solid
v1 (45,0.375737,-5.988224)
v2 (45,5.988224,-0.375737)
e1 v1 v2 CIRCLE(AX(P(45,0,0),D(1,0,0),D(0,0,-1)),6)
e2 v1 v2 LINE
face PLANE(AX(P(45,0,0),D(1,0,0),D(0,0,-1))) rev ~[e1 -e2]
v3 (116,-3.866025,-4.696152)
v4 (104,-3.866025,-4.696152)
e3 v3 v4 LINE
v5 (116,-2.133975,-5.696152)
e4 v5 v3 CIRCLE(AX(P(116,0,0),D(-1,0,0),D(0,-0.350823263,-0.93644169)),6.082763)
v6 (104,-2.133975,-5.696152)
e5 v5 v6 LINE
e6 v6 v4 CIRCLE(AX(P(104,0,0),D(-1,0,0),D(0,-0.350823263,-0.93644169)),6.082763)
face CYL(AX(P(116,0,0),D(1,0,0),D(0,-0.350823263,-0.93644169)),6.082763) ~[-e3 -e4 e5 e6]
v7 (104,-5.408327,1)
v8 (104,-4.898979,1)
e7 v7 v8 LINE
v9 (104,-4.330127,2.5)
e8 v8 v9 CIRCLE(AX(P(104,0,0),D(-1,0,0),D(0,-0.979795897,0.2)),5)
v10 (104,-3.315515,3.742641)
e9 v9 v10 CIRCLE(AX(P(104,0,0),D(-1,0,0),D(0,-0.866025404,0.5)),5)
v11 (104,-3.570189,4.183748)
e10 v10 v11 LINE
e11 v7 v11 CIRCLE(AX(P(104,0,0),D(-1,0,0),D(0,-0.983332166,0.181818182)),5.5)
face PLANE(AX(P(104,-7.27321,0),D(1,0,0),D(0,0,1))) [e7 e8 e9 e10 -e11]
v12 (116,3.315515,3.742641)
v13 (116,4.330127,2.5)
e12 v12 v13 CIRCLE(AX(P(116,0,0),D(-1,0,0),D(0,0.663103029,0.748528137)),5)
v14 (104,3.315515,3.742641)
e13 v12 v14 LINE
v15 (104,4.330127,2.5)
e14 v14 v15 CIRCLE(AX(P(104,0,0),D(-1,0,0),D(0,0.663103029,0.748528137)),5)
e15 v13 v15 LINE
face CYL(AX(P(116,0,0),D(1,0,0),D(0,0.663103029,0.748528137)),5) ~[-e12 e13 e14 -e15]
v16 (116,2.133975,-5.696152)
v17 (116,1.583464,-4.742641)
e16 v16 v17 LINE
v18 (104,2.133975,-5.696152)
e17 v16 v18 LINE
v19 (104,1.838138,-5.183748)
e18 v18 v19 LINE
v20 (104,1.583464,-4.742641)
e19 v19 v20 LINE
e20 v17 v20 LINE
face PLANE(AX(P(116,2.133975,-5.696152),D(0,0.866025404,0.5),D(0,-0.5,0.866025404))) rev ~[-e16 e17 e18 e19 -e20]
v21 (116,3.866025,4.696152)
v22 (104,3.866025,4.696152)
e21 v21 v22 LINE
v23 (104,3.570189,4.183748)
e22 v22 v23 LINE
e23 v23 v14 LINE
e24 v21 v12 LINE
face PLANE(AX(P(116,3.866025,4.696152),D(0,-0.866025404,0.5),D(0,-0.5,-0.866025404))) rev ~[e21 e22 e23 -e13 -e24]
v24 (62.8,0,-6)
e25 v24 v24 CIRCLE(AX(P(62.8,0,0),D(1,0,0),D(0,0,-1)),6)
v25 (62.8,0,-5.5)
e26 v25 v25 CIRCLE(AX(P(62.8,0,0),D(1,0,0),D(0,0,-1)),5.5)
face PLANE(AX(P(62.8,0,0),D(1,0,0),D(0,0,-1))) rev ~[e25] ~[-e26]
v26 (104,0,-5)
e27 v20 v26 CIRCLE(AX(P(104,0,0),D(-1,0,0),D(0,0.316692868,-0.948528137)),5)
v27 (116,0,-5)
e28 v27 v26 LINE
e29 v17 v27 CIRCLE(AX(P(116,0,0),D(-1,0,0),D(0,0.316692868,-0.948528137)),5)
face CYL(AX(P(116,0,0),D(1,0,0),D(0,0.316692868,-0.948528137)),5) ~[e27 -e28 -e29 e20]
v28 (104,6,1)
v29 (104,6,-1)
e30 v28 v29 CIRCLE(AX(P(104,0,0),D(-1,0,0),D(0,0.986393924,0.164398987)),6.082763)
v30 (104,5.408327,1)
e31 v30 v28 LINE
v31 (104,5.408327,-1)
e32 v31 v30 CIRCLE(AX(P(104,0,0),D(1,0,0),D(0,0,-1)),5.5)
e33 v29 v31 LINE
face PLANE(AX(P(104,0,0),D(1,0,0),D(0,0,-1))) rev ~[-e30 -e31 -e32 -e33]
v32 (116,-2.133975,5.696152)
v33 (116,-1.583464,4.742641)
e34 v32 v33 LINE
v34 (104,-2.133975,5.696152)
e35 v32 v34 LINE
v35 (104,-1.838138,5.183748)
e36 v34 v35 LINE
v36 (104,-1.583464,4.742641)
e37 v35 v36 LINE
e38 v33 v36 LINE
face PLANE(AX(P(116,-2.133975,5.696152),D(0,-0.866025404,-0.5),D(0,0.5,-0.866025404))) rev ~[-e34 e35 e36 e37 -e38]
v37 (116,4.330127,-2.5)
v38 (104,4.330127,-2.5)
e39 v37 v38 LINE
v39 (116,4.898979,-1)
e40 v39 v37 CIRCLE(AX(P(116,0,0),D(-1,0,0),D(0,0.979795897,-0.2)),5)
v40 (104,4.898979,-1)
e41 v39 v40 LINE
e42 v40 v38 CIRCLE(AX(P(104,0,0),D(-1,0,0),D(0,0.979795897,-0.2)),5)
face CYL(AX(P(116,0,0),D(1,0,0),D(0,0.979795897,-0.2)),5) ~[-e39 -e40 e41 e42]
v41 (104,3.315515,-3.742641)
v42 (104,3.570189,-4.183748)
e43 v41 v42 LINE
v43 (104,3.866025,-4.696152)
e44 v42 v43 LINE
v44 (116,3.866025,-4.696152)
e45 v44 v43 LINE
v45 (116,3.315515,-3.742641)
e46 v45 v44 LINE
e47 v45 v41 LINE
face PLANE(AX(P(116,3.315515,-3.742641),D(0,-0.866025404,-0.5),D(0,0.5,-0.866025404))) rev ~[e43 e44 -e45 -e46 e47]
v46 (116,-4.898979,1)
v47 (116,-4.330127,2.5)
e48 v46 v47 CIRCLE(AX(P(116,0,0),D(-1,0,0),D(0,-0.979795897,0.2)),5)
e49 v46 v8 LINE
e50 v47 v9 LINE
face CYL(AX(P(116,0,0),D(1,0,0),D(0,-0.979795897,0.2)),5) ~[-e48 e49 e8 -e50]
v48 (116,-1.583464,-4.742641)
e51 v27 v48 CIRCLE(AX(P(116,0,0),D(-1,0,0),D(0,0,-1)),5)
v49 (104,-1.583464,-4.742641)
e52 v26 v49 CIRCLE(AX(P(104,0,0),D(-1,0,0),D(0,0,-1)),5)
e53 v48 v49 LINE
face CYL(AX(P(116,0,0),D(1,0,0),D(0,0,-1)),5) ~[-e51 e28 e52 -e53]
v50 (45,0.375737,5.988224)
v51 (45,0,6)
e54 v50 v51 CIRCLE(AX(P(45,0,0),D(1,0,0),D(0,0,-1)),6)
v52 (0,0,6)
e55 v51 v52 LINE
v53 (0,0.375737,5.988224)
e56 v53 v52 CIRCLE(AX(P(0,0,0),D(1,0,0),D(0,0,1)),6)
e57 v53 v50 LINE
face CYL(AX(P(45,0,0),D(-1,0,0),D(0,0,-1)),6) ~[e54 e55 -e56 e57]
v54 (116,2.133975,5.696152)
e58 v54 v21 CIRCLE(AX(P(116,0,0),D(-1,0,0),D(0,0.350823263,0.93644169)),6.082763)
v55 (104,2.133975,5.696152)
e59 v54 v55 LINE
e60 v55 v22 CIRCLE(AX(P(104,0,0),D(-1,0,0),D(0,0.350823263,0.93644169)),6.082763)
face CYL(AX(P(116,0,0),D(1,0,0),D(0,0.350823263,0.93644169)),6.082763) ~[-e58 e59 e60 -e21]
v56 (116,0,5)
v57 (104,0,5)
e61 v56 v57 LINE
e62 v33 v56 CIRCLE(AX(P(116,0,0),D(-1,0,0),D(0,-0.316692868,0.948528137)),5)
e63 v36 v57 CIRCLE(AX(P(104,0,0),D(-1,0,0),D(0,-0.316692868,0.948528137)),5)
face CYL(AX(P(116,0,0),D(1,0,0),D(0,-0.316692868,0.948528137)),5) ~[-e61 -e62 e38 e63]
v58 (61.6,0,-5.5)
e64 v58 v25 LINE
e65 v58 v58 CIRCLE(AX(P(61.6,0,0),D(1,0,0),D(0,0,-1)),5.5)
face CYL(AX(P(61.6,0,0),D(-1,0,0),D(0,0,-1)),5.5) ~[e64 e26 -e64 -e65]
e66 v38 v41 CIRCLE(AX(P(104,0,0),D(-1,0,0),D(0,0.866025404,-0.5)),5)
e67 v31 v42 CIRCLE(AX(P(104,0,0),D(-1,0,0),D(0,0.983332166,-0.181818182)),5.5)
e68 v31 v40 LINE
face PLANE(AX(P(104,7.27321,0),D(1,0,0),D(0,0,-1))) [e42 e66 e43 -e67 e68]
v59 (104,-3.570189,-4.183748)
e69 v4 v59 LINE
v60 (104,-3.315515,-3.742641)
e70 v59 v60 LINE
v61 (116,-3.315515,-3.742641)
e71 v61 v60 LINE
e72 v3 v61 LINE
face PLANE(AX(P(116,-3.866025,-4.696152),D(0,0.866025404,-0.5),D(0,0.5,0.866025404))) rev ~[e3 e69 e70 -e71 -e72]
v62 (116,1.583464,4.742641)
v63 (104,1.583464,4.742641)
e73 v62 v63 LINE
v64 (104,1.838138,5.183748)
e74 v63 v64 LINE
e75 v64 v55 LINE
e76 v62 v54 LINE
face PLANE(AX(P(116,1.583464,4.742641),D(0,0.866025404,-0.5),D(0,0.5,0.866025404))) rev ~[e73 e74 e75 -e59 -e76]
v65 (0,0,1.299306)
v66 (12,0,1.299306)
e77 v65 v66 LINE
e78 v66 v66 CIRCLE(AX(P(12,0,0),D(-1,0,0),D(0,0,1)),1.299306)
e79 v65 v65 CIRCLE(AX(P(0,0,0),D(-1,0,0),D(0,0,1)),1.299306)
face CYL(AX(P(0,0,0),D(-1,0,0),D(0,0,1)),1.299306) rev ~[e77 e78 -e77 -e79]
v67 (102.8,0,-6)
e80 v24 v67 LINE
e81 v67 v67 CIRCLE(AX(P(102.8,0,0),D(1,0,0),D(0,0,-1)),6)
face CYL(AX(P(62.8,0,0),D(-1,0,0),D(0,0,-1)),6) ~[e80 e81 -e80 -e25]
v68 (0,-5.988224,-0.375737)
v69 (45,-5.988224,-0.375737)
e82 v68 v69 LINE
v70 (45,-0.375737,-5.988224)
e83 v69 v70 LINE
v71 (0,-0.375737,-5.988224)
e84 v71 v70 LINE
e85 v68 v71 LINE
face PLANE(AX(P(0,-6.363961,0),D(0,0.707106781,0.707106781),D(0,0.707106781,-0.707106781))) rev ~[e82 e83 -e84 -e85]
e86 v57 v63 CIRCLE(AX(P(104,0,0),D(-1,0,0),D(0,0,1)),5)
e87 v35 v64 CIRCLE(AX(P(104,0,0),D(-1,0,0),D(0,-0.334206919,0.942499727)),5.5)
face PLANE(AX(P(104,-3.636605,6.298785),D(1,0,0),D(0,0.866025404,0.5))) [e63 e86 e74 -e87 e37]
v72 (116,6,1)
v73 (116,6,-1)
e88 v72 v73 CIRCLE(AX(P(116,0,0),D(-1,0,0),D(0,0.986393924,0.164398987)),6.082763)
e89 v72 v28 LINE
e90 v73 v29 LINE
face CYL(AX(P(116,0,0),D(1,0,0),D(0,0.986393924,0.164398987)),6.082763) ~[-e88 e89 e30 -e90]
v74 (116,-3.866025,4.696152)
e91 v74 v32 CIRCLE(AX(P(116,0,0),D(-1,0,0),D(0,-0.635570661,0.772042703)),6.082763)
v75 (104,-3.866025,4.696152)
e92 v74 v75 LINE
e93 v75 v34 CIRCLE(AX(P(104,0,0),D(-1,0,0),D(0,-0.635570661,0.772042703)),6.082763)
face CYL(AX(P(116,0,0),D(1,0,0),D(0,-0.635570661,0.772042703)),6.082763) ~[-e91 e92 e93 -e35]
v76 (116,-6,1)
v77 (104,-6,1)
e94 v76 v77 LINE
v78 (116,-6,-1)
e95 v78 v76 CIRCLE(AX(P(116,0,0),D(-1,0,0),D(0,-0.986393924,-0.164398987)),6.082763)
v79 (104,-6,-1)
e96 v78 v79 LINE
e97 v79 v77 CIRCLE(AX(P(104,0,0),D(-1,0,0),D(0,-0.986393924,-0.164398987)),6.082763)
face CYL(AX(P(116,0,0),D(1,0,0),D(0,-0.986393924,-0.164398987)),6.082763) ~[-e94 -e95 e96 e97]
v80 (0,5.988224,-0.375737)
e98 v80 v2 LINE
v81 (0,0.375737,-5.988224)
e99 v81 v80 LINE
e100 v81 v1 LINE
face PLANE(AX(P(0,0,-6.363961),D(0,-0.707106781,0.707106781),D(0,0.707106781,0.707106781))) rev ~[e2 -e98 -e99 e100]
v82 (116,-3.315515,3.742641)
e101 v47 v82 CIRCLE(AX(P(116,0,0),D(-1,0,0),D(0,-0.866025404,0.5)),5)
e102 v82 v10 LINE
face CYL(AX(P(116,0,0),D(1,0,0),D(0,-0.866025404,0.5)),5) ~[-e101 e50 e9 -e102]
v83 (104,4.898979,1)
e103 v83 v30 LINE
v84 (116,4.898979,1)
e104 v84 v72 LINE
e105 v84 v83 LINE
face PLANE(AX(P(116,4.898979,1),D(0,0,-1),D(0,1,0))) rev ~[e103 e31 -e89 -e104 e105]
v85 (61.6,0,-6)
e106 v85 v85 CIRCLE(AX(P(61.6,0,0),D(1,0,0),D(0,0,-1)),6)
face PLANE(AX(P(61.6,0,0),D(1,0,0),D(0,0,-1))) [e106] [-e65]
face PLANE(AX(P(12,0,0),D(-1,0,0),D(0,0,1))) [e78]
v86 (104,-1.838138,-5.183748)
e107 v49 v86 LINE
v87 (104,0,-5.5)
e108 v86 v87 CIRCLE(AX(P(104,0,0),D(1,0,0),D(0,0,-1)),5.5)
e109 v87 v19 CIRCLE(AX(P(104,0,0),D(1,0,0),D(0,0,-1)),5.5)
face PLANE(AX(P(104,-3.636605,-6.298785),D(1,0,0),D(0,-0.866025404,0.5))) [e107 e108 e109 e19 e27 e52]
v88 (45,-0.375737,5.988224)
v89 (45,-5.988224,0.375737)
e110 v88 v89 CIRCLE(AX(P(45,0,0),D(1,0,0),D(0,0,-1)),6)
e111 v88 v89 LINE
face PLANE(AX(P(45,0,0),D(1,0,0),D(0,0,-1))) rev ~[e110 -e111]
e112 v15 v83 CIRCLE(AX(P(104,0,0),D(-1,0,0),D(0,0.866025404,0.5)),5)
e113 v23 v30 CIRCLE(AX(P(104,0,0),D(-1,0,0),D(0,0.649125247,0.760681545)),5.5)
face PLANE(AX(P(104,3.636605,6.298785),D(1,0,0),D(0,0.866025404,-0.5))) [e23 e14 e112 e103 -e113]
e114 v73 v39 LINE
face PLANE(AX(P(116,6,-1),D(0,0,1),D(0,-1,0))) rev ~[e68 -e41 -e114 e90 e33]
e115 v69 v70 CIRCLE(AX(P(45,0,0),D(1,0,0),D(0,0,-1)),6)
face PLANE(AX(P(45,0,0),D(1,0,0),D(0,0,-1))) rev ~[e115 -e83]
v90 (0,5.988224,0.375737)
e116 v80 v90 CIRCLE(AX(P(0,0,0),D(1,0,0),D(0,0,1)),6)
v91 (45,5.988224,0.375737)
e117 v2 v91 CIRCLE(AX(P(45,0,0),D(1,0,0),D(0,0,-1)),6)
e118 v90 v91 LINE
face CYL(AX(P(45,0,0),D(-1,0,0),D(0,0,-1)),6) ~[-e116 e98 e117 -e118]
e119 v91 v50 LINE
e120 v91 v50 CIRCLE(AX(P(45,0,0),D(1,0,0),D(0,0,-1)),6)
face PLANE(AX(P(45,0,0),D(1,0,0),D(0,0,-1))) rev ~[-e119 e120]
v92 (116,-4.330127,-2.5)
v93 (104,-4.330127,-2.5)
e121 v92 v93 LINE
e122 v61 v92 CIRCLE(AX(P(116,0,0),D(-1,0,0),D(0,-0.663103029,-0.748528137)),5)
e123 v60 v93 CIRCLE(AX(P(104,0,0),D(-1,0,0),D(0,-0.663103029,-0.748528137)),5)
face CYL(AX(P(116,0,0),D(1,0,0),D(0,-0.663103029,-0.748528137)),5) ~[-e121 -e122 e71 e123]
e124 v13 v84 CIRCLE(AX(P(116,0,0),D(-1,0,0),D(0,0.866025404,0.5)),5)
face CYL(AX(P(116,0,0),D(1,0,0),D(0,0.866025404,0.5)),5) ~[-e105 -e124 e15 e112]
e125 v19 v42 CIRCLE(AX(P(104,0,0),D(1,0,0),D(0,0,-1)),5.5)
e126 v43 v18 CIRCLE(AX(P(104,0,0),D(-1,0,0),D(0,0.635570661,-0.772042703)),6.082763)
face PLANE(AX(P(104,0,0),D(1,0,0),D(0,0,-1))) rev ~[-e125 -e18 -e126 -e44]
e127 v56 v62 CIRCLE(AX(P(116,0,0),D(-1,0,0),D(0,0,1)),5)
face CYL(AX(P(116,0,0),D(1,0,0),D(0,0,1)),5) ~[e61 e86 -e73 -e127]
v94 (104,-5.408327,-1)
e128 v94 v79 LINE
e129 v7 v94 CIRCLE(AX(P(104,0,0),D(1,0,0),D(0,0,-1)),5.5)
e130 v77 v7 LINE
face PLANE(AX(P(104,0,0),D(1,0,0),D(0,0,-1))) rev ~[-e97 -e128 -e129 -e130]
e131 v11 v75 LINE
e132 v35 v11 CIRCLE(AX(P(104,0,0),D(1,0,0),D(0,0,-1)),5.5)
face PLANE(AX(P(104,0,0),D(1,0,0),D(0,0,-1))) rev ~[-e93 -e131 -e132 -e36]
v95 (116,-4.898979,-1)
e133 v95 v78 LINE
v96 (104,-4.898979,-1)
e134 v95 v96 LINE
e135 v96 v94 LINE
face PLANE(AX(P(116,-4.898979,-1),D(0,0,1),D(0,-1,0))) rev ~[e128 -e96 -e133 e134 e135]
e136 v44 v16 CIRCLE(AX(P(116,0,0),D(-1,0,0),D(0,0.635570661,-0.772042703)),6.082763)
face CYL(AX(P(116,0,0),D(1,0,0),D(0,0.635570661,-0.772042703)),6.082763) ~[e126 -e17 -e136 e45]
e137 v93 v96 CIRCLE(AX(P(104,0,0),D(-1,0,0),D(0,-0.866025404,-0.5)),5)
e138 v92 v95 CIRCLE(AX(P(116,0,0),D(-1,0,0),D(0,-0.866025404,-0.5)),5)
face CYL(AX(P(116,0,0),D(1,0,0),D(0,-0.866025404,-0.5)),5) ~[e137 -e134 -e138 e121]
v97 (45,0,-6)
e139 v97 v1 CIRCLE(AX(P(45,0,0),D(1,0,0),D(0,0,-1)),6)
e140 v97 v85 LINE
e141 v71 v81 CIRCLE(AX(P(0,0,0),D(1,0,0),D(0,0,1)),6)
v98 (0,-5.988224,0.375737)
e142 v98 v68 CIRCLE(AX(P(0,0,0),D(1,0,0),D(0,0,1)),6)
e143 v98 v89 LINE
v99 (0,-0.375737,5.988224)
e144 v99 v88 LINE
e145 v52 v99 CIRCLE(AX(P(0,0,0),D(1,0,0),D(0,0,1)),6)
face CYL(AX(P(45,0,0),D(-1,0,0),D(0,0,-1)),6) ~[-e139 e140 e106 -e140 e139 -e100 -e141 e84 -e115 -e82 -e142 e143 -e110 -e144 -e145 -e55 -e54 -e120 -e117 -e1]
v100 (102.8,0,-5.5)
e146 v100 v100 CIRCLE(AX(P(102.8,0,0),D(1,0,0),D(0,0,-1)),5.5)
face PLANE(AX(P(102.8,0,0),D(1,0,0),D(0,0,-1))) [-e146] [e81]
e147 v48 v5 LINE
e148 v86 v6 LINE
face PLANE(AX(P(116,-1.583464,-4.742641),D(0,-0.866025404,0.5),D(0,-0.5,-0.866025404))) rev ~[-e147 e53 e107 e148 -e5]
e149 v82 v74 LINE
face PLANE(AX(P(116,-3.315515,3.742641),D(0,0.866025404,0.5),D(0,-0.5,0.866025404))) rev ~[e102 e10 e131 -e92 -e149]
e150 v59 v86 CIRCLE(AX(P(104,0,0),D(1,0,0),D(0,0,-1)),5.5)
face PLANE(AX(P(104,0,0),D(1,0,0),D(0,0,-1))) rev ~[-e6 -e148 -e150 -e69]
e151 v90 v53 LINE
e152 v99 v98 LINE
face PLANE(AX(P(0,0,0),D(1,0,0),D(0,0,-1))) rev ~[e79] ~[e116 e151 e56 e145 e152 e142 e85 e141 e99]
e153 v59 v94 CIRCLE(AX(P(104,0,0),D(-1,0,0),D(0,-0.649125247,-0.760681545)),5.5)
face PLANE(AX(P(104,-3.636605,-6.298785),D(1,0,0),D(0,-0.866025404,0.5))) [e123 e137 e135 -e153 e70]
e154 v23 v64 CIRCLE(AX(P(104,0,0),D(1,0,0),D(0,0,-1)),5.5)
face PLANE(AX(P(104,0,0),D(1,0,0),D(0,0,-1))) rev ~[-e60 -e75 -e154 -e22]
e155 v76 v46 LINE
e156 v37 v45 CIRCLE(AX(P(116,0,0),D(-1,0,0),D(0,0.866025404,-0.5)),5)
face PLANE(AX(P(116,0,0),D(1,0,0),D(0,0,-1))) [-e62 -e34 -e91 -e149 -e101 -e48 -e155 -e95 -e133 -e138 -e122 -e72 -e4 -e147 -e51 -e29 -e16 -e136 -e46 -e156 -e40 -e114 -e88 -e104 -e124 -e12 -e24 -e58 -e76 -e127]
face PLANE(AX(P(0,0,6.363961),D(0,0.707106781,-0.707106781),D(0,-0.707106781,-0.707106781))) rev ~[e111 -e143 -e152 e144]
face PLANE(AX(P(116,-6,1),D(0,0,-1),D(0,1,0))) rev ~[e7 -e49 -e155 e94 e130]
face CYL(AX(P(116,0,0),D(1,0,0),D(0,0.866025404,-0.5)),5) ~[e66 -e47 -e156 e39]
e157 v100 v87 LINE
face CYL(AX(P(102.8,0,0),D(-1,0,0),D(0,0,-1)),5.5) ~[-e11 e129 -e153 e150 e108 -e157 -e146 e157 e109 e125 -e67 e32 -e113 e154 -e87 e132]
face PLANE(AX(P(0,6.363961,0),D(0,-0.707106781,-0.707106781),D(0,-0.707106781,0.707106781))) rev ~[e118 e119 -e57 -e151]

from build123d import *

# Parameters (mm, degrees)
EXTRUDE_1_DEPTH          = 45
SKETCH_2_R               = 6
EXTRUDE_2_DEPTH          = 16.6
SKETCH_3_R               = 5.5
EXTRUDE_3_DEPTH          = 1.2
SKETCH_4_R               = 6
EXTRUDE_4_DEPTH          = 40
SKETCH_5_R               = 5.5
EXTRUDE_5_DEPTH          = 1.2
SKETCH_6_R               = 7
EXTRUDE_6_DEPTH          = 12
CUT_EXTRUDE_1_DEPTH      = 12
PATTERN_CIRCULAR_1_COUNT = 6
SKETCH_9_OUTSIDE_W       = 38.206
SKETCH_9_OUTSIDE_H       = 38.206
SKETCH_9_OUTSIDE_R       = 6
CUT_EXTRUDE_2_DEPTH      = 72.56814934
SKETCH_13_R              = 1.29930571
CUT_EXTRUDE_3_DEPTH      = 12


with BuildPart() as part:
    # 草图1 → 凸台-拉伸1 (new body)
    with BuildSketch(Plane(origin=(0, 0, 0), x_dir=(0, 0, -1), z_dir=(1, 0, 0))):
        Polygon((6.363961031, 0), (0, 6.363961031), (-6.363961031, 0), (0, -6.363961031), align=None)
    extrude(amount=EXTRUDE_1_DEPTH)

    # 草图2 → 凸台-拉伸2 (add)
    with BuildSketch(Plane(origin=(45, 0, 0), x_dir=(0, 0, -1), z_dir=(1, 0, 0))):
        Circle(SKETCH_2_R)
    extrude(amount=EXTRUDE_2_DEPTH)

    # 草图3 → 凸台-拉伸3 (add)
    with BuildSketch(Plane(origin=(61.6, 0, 0), x_dir=(0, 0, -1), z_dir=(1, 0, 0))):
        Circle(SKETCH_3_R)
    extrude(amount=EXTRUDE_3_DEPTH)

    # 草图4 → 凸台-拉伸4 (add)
    with BuildSketch(Plane(origin=(62.8, 0, 0), x_dir=(0, 0, -1), z_dir=(1, 0, 0))):
        Circle(SKETCH_4_R)
    extrude(amount=EXTRUDE_4_DEPTH)

    # 草图5 → 凸台-拉伸5 (add)
    with BuildSketch(Plane(origin=(102.8, 0, 0), x_dir=(0, 0, -1), z_dir=(1, 0, 0))):
        Circle(SKETCH_5_R)
    extrude(amount=EXTRUDE_5_DEPTH)

    # 草图6 → 凸台-拉伸6 (add)
    with BuildSketch(Plane(origin=(104, 0, 0), x_dir=(0, 0, -1), z_dir=(1, 0, 0))):
        Circle(SKETCH_6_R)
    extrude(amount=EXTRUDE_6_DEPTH)

    # 草图7 → 切除-拉伸1 (cut)
    with BuildSketch(Plane(origin=(116, 0, 0), x_dir=(0, 0, -1), z_dir=(1, 0, 0))):
        with BuildLine():
            Line((1, 6), (1, 4.898979486))
            ThreePointArc((1, 4.898979486), (1.772963136, 4.675104461), (2.5, 4.330127019))
            Line((2.5, 4.330127019), (5, 8.660254038))
            ThreePointArc((5, 8.660254038), (0, 10), (-5, 8.660254038))
            Line((-5, 8.660254038), (-2.5, 4.330127019))
            ThreePointArc((-2.5, 4.330127019), (-1.772963136, 4.675104461), (-1, 4.898979486))
            Line((-1, 4.898979486), (-1, 6))
            ThreePointArc((-1, 6), (0, 6.08276253), (1, 6))
        make_face()
    cut_extrude_1 = extrude(amount=-CUT_EXTRUDE_1_DEPTH, mode=Mode.SUBTRACT)

    # 阵列(圆周)1: 切除-拉伸1 ×6 about axis
    pattern_circular_1_axis = Axis((88.99, 0, 0), (-1, 0, 0))
    for i in range(1, PATTERN_CIRCULAR_1_COUNT):
        add(cut_extrude_1.rotate(pattern_circular_1_axis, i * 360 / PATTERN_CIRCULAR_1_COUNT), mode=Mode.SUBTRACT)

    # 草图9 outside → 切除-拉伸2 (cut, through all)
    with BuildSketch(Plane.ZY.offset(-45)):
        Rectangle(SKETCH_9_OUTSIDE_W, SKETCH_9_OUTSIDE_H)
        Circle(SKETCH_9_OUTSIDE_R, mode=Mode.SUBTRACT)
    extrude(amount=CUT_EXTRUDE_2_DEPTH, mode=Mode.SUBTRACT)

    # 草图13 → 切除-拉伸3 (cut)
    with BuildSketch(Plane.ZY):
        Circle(SKETCH_13_R)
    extrude(amount=-CUT_EXTRUDE_3_DEPTH, mode=Mode.SUBTRACT)


solid = part.part
